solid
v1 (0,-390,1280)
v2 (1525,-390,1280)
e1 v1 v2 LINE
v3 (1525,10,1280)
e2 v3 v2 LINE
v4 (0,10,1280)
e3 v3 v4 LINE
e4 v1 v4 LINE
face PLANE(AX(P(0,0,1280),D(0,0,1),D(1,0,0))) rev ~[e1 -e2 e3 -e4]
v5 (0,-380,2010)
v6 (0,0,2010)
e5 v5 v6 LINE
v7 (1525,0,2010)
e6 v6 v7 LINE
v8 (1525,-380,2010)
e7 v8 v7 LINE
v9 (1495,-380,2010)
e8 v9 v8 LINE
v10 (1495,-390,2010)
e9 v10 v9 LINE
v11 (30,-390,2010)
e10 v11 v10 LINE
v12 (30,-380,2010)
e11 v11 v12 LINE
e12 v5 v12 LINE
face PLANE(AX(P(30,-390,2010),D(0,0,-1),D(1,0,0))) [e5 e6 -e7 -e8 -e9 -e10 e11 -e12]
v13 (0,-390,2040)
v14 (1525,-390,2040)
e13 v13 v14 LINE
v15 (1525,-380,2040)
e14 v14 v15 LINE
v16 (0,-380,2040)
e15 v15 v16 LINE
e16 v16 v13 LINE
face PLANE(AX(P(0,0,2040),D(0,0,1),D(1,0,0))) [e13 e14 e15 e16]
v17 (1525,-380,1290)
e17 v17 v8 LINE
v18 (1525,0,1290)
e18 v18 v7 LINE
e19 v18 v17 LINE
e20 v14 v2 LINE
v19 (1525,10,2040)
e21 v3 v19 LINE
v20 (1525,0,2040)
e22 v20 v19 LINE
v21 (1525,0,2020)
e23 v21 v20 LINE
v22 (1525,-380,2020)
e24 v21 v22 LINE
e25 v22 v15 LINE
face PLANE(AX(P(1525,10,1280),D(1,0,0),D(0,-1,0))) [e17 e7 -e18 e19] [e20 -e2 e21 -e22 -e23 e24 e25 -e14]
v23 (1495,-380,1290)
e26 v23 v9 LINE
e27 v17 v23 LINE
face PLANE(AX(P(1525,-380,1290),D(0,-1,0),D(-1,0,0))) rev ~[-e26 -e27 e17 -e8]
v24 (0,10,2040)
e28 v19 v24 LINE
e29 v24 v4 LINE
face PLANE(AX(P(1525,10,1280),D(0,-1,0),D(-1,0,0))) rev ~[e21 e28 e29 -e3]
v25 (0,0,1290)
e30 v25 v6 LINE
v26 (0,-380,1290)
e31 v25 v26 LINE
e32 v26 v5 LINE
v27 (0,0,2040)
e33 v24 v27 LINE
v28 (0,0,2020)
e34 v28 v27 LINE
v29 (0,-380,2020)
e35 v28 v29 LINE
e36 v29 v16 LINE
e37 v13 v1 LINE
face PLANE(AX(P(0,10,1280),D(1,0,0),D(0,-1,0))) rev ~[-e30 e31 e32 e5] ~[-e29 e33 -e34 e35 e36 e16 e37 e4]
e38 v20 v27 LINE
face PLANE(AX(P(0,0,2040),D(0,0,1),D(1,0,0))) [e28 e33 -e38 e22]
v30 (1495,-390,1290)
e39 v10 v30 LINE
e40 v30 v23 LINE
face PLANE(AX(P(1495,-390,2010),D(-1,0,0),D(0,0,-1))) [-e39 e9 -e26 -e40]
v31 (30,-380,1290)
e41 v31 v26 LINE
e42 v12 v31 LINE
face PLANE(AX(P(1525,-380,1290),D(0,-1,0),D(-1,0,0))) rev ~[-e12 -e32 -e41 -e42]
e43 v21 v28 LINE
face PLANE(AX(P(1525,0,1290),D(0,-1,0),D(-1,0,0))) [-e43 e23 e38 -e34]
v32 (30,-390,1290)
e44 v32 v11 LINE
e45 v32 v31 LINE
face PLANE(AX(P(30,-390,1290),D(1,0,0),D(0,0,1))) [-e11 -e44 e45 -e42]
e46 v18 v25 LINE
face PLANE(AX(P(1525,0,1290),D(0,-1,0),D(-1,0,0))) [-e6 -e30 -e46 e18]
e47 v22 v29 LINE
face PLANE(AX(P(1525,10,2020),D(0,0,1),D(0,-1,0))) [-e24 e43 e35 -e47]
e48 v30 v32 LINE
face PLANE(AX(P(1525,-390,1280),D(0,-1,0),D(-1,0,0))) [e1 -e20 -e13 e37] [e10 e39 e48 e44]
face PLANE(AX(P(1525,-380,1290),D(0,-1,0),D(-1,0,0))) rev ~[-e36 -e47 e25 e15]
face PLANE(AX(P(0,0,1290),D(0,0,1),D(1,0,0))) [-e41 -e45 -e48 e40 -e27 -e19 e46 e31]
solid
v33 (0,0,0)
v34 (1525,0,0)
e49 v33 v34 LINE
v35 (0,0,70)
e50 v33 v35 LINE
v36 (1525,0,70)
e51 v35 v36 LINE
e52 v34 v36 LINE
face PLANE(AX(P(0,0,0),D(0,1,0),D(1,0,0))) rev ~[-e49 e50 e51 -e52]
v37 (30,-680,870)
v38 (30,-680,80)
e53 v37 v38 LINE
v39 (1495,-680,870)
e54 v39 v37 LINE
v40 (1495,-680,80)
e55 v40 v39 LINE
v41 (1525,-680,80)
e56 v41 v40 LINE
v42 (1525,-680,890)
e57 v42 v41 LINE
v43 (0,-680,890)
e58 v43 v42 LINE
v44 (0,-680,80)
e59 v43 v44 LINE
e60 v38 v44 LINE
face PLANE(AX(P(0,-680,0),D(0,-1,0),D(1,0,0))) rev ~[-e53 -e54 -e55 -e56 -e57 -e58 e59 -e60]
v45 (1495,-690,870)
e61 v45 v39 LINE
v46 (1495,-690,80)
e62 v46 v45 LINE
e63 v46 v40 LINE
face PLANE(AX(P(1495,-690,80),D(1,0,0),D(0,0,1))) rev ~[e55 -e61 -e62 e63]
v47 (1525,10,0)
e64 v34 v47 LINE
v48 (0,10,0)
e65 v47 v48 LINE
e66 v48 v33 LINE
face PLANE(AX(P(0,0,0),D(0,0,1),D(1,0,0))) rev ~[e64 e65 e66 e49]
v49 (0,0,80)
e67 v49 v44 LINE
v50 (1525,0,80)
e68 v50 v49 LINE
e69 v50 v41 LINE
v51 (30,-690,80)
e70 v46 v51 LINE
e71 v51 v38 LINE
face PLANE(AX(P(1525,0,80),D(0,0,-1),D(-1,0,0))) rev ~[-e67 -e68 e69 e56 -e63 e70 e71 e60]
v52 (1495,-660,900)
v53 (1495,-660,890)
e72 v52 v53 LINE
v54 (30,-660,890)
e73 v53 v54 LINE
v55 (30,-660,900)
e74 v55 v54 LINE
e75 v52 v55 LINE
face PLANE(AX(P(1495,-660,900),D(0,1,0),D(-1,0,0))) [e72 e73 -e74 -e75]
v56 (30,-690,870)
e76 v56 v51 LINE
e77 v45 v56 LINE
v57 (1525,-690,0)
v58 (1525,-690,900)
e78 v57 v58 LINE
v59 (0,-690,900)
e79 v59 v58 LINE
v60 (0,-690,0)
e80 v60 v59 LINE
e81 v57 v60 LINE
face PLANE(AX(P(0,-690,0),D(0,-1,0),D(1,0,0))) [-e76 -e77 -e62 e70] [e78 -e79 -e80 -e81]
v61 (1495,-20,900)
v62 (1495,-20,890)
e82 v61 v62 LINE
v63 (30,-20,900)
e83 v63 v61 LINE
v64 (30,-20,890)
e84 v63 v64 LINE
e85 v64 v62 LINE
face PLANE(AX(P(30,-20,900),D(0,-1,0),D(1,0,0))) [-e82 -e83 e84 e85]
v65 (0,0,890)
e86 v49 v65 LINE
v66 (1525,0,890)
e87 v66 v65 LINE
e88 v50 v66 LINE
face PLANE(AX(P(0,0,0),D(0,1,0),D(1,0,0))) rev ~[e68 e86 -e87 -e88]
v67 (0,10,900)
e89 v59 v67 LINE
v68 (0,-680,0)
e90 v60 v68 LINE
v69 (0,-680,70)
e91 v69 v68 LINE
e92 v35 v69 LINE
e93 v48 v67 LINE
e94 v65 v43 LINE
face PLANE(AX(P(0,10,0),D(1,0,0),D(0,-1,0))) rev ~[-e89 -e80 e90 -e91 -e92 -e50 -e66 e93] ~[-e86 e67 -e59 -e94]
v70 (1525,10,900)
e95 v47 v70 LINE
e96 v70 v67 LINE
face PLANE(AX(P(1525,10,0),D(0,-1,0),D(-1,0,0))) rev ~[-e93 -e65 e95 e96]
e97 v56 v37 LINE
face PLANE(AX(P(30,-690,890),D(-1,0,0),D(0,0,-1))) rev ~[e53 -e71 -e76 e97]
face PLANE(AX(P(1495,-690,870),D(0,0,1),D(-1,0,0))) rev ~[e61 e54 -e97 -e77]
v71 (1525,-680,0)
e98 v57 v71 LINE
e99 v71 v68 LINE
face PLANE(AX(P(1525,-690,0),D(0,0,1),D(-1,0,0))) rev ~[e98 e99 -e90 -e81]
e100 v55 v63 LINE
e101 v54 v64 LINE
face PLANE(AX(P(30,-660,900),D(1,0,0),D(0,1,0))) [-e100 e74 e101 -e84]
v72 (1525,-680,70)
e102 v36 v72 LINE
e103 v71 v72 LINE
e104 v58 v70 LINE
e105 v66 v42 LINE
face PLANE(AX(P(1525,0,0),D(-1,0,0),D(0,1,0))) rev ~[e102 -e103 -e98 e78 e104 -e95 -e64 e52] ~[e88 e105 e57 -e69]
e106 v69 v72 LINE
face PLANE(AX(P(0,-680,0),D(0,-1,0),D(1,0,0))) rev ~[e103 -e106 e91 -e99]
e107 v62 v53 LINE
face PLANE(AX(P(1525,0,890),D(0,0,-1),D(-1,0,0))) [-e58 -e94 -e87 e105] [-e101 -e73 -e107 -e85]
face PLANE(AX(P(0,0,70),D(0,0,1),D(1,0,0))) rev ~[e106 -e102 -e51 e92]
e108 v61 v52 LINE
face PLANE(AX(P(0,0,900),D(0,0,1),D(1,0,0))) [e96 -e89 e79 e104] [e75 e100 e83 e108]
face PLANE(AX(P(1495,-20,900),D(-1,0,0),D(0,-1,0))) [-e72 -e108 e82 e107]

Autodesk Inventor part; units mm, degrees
ref_plane "YZ Plane" through (0, 0, 0) normal (1, 0, 0) x (0, 1, 0)
ref_plane "XZ Plane" through (0, 0, 0) normal (0, 1, 0) x (-1, 0, 0)
sketch "Sketch1" plane through (0, 0, 0) normal (0, 0, 1) x (1, 0, 0)
  line L0 (0, 0) -> (1525, 0)
  line L1 (1525, 0) -> (1525, 10)
  line L2 (1525, 10) -> (0, 10)
  line L3 (0, 10) -> (0, 0)
  dimension "ancho" = 1525
  dimension "espesor" = 10
extrude "Extrusion1" add sketch "Sketch1" along normal blind 900
sketch "Sketch2" plane through (0, 0, 0) normal (0, -1, 0) x (1, 0, 0)
  line L0 (0, 0) -> (1525, 0) construction
  line L1 (1525, 0) -> (1525, 900) construction
  line L2 (0, 900) -> (1525, 900) construction
  line L3 (0, 0) -> (0, 900) construction
  line L4 (0, 0) -> (0, 900) projected
  line L5 (0, 70) -> (1525, 70)
  line L6 (1525, 70) -> (1525, 80)
  line L7 (1525, 80) -> (0, 80)
  line L8 (0, 80) -> (0, 70)
  line L9 (0, 900) -> (1525, 900) projected
  line L10 (1525, 0) -> (1525, 900) projected
  line L11 (0, 900) -> (1525, 900)
  line L12 (1525, 900) -> (1525, 890)
  line L13 (1525, 890) -> (0, 890)
  line L14 (0, 890) -> (0, 900)
  dimension "d5" = 10
  dimension "d6" = 10
  dimension "d7" = 80
extrude "Extrusion2" add sketch "Sketch2" along normal blind 690 contours L4 L7 L6 L5 | L4 L9 L10 L13
sketch "Sketch3" plane through (0, 0, 900) normal (0, 0, 1) x (1, 0, 0)
  line L0 (1525, 10) -> (1525, -690) projected
  line L1 (1525, 10) -> (0, 10) projected
  line L2 (0, 10) -> (0, -690) projected
  line L3 (1525, -690) -> (0, -690) projected
  line L4 (30, -660) -> (30, -20)
  line L5 (30, -20) -> (1495, -20)
  line L6 (1495, -20) -> (1495, -660)
  line L7 (1495, -660) -> (30, -660)
  point P0 (0, 0)
  dimension "d10" = 30
extrude "Extrusion3" cut sketch "Sketch3" against normal up to next contours L4 L5 L6 L7
sketch "Sketch4" plane through (0, -690, 0) normal (0, -1, 0) x (1, 0, 0)
  line L0 (0, 70) -> (1525, 70) construction
  line L1 (1525, 70) -> (1525, 80) construction
  line L2 (1525, 80) -> (0, 80) construction
  line L3 (0, 80) -> (0, 70) construction
  line L4 (0, 900) -> (0, 890) construction
  line L5 (0, 890) -> (1525, 890) construction
  line L6 (1525, 890) -> (1525, 900) construction
  line L7 (1525, 900) -> (0, 900) construction
  line L8 (1525, 70) -> (0, 70) construction
  line L9 (0, 0) -> (0, 70) construction
  line L10 (0, 0) -> (1525, 0) construction
  line L11 (1525, 0) -> (1525, 70) construction
  line L12 (0, 900) -> (1525, 900)
  line L13 (1525, 900) -> (1525, 0)
  line L14 (1525, 0) -> (0, 0)
  line L15 (0, 0) -> (0, 900)
  line L16 (1525, 80) -> (0, 80) projected
  line L17 (30, 80) -> (1495, 80)
  line L18 (1495, 80) -> (1495, 890)
  line L19 (1495, 890) -> (30, 890)
  line L20 (30, 890) -> (30, 80)
  dimension "d13" = 30
  dimension "d14" = 30
extrude "Extrusion4" add sketch "Sketch4" against normal blind 10 contours L12 L13 L16 L18 L19 L20 L15 | L16 L13 L14 L15
ref_plane "Work Plane1" through (0, 0, 1280) normal (0, 0, 1) x (1, 0, 0)
sketch "Sketch5" plane through (0, 0, 1280) normal (0, 0, 1) x (1, 0, 0)
  line L0 (1525, 10) -> (0, 10) projected
  line L1 (0, 10) -> (0, -690) projected
  line L2 (1525, 10) -> (1525, -690) projected
  line L3 (1525, -690) -> (0, -690) projected
  line L4 (0, 10) -> (1525, 10)
  line L5 (1525, 10) -> (1525, -390)
  line L6 (1525, -390) -> (0, -390)
  line L7 (0, -390) -> (0, 10)
  line L8 (1495, -660) -> (1495, -20) projected
  line L9 (0, -390) -> (1495, -390)
  line L10 (1495, -390) -> (1495, -380)
  line L11 (1495, -380) -> (0, -380)
  line L12 (0, -380) -> (0, -390)
  point P0 (0, 0)
  dimension "d36" = 1525
  dimension "profundidad2" = 400
  dimension "d39" = 10
extrude "Extrusion5" add sketch "Sketch5" along normal blind 10 contours L2 L6 L8 L11 L1 L0 | L11 L8 L6 L1
sketch "Sketch9" plane through (0, -690, 0) normal (0, -1, 0) x (1, 0, 0)
  line L0 (30, 890) -> (1495, 890) construction
  line L1 (1495, 80) -> (30, 80) construction
  line L2 (0, 900) -> (0, 0) construction
  line L3 (1525, 0) -> (0, 0) construction
  line L4 (1525, 900) -> (1525, 0) construction
  line L5 (1525, 900) -> (0, 900) construction
  line L6 (1525, 70) -> (1525, 0) projected
  line L7 (0, 900) -> (1525, 900)
  line L8 (1525, 900) -> (1525, 870)
  line L9 (1525, 870) -> (0, 870)
  line L10 (0, 870) -> (0, 900)
  line L11 (1495, 890) -> (1495, 80) projected
  line L12 (30, 80) -> (30, 890) projected
  point P0 (1525, 890)
  point P1 (1525, 80)
  dimension "d32" = 30
extrude "Extrusion9" add sketch "Sketch9" against normal blind 10
sketch "Boceto10" plane through (0, 0, 1290) normal (0, 0, 1) x (1, 0, 0)
  line L0 (0, 10) -> (0, -390) projected
  line L1 (0, -390) -> (1525, -390) projected
  line L2 (1525, -390) -> (1525, 10) projected
  line L3 (1525, 10) -> (0, 10) projected
  line L4 (1525, 10) -> (1525, -690) projected
  line L5 (0, -390) -> (1525, -390)
  line L6 (1525, -390) -> (1525, -380)
  line L7 (1525, -380) -> (0, -380)
  line L8 (0, -380) -> (0, -390)
  line L9 (0, 10) -> (1525, 10)
  line L10 (1525, 10) -> (1525, 0)
  line L11 (1525, 0) -> (0, 0)
  line L12 (0, 0) -> (0, 10)
  point P0 (0, 0)
  dimension "d40" = 10
  dimension "d41" = 10
extrude "Extrusión10" add sketch "Boceto10" along normal blind 750 contours L3 L2 L11 L0 | L7 L2 L1 L0
sketch "Boceto11" plane through (0, -390, 1280) normal (0, -1, 0) x (1, 0, 0)
  line L0 (0, 760) -> (1525, 760) projected
  line L1 (1525, 0) -> (1525, 760) projected
  line L2 (0, 760) -> (1525, 760) projected
  line L3 (0, 0) -> (0, 760) projected
  line L4 (30, 730) -> (1495, 730)
  line L5 (1495, 730) -> (1495, 10)
  line L6 (1495, 10) -> (30, 10)
  line L7 (30, 10) -> (30, 730)
  line L8 (0, 0) -> (1525, 0) projected
  point P0 (0, -1280)
  dimension "d44" = 30
  dimension "d45" = 30
  dimension "d46" = 30
extrude "Extrusión11" cut sketch "Boceto11" against normal up to next contours L4 L5 L6 L7
sketch "Sketch13" plane through (1525, -390, 1280) normal (1, 0, 0) x (0, 0, -1)
  line L0 (0, 0) -> (0, 400) construction
  line L1 (0, 400) -> (-760, 400) construction
  line L2 (-10, 390) -> (-760, 390) construction
  line L3 (-10, 10) -> (-760, 10) construction
  line L4 (-760, 0) -> (-760, 10) construction
  line L5 (0, 0) -> (-760, 0) construction
  line L6 (1280, 400) -> (-760, 400) projected
  line L7 (-740, 0) -> (-730, 0)
  line L8 (-730, 0) -> (-730, 400)
  line L9 (-730, 400) -> (-740, 400)
  line L10 (-740, 400) -> (-740, 0)
  line L11 (-760, 390) -> (-760, 400) projected
  line L12 (-10, 10) -> (-10, 390) projected
  point P0 (1280, 390)
  point P1 (1030, 400)
  dimension "d53" = 10
  dimension "d54" = 20
extrude "Extrusion13" add sketch "Sketch13" against normal blind 1525
equation "\"d5\" = espesor"
equation "\"d6\" = espesor"
equation "\"d10\" = 3 * espesor"
equation "\"d13\" = 3 * espesor"
equation "\"d14\" = 3 * espesor"
equation "\"d15\" = espesor"
equation "\"d36\" = ancho"
equation "\"d39\" = espesor"
equation "\"d18\" = espesor"
equation "\"d32\" = 3 * espesor"
equation "\"d33\" = espesor"
equation "\"d40\" = espesor"
equation "\"d41\" = espesor"
equation "\"d44\" = 3 * espesor"
equation "\"d45\" = 3 * espesor"
equation "\"d46\" = 3 * espesor"
equation "\"d53\" = espesor"
equation "\"d54\" = 2 * espesor"
equation "\"d55\" = ancho"
properties part number "esqueleto_mueble"
